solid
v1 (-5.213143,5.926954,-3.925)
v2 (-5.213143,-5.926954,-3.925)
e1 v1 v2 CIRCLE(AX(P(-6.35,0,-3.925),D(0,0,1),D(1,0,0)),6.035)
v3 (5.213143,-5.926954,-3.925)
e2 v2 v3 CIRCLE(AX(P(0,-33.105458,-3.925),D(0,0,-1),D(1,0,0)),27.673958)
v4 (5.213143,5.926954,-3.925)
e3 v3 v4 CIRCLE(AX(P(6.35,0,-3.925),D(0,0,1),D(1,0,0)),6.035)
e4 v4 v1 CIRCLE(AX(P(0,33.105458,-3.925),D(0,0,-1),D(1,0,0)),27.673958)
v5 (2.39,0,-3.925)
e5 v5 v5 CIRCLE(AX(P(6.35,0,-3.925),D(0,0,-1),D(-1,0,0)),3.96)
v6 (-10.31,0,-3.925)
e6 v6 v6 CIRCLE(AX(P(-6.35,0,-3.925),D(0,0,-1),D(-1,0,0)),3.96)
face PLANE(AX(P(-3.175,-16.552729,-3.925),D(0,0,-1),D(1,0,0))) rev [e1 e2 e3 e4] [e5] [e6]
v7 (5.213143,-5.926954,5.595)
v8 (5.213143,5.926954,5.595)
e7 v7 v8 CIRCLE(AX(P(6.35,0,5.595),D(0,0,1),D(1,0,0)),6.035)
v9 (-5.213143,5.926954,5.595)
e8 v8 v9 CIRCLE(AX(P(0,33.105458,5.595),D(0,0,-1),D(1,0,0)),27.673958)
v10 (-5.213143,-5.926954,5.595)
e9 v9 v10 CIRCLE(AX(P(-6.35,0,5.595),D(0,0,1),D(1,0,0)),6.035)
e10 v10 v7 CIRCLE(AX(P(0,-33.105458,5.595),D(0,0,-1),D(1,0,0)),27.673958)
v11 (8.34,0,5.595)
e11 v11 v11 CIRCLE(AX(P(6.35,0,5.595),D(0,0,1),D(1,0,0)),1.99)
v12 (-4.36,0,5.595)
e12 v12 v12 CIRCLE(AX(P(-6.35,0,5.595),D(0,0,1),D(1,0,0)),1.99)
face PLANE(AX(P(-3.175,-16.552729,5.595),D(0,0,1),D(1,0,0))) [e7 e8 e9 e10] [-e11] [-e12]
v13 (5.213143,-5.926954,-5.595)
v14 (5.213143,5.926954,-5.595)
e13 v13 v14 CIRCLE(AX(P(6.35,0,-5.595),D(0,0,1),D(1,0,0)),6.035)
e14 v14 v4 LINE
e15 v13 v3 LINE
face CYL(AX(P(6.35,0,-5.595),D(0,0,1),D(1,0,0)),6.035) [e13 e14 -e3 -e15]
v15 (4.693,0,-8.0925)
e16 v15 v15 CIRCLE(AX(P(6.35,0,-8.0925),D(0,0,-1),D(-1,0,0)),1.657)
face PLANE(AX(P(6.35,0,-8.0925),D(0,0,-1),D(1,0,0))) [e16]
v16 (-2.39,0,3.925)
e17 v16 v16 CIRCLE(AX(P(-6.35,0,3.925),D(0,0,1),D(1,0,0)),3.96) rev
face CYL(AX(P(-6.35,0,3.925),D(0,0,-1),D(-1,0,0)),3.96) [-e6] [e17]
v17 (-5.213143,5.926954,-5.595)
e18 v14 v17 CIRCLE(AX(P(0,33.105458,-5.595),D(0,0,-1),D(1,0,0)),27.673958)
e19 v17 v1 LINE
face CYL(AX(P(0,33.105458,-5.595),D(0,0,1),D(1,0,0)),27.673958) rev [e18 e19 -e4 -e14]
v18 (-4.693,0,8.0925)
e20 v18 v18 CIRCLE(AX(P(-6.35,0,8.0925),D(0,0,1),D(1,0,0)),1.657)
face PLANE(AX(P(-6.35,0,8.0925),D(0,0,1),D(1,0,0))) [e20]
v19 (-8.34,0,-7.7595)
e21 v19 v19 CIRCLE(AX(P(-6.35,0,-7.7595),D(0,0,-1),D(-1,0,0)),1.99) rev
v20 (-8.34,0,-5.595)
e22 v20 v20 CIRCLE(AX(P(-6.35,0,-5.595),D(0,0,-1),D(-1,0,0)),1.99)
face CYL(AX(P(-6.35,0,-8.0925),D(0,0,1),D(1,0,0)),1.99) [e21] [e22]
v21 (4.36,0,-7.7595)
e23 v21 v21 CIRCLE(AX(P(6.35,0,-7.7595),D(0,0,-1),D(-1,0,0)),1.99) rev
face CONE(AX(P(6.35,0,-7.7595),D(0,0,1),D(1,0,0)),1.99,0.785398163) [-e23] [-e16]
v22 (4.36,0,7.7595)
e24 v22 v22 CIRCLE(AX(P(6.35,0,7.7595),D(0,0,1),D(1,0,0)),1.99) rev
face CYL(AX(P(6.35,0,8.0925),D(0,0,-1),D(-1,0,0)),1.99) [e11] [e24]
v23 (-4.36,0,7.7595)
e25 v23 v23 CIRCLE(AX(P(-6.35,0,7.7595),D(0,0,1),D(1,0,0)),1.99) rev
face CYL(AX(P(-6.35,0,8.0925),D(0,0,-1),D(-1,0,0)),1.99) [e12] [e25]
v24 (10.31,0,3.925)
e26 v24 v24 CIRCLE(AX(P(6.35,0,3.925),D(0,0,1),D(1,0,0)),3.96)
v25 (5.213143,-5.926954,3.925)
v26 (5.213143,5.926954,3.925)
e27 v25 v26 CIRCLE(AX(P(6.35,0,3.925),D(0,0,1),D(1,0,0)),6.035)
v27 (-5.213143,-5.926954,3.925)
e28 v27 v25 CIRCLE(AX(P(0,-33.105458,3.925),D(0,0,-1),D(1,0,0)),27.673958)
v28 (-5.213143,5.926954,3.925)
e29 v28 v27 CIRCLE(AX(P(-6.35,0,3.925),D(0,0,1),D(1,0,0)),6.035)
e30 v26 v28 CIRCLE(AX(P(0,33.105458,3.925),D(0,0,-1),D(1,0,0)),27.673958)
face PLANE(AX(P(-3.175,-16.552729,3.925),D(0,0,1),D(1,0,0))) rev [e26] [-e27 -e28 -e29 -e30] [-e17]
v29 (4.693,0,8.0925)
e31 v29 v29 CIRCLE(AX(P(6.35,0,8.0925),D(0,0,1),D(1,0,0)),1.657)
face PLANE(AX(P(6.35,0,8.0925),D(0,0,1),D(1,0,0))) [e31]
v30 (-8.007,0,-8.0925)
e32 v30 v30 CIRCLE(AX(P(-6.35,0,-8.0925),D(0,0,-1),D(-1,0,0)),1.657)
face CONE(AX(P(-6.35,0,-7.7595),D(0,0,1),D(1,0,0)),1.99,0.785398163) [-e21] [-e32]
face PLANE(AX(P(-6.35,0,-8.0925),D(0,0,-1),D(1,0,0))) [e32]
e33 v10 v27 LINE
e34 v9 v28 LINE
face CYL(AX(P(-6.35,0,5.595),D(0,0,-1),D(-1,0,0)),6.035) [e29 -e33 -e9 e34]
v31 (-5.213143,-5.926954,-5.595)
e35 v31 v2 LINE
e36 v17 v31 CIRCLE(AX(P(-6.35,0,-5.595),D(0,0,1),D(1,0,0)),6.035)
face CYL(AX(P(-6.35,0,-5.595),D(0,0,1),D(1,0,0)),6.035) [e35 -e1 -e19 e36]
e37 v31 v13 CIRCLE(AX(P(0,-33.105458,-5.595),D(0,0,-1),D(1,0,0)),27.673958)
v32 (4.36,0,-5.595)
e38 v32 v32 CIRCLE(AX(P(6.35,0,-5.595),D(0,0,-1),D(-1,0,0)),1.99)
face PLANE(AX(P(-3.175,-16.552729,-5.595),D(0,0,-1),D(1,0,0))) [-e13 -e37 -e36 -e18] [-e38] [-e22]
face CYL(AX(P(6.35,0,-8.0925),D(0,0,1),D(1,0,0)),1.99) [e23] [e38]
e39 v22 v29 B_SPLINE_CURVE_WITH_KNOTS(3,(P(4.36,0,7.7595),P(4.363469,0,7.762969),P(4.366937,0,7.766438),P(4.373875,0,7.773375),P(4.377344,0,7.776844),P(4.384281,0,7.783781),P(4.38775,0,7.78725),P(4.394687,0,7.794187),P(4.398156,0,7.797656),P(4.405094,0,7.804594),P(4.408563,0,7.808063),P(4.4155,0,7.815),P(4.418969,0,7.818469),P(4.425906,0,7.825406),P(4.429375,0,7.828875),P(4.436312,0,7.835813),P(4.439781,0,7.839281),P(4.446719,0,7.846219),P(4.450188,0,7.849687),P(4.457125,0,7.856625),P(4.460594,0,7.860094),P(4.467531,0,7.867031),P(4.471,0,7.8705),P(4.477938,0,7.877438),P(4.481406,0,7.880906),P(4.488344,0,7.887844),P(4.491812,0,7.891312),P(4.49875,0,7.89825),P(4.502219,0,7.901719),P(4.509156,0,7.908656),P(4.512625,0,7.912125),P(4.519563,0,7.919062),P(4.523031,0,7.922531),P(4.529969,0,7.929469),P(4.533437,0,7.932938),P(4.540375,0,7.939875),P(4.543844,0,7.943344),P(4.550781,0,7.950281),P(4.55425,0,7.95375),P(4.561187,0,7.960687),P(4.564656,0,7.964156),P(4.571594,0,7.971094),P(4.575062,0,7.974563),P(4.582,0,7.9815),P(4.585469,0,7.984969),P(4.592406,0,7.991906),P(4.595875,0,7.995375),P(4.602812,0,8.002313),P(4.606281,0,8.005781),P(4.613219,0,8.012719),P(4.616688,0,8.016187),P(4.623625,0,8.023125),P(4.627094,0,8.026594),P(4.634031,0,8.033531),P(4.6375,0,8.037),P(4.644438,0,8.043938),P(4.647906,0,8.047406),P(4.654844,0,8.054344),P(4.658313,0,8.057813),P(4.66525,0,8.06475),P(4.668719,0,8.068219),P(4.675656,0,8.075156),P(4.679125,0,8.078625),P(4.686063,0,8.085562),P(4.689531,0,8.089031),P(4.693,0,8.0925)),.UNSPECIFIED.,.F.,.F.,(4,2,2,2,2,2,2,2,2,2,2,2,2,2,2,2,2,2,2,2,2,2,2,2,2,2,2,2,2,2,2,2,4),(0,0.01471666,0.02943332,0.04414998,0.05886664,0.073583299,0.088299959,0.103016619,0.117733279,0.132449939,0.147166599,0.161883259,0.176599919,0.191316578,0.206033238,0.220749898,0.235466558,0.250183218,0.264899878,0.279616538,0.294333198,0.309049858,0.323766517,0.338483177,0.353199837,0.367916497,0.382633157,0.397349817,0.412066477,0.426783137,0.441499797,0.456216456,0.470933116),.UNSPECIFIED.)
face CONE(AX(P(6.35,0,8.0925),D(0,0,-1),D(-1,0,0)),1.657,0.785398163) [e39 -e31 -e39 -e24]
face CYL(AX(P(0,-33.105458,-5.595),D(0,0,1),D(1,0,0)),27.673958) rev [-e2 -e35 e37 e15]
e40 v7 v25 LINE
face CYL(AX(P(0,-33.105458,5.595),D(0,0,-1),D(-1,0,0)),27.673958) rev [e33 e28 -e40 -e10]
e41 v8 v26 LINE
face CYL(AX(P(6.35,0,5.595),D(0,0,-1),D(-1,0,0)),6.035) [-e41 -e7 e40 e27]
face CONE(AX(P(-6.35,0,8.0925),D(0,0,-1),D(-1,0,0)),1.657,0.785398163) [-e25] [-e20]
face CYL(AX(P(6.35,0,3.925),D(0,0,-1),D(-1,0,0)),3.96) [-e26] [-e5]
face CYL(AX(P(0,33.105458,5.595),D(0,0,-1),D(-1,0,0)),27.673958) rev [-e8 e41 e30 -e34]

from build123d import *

# Parameters (mm, degrees)
SKETCH_2_R                 = 3.96
EXTRUDE_1_DEPTH            = 3.925
EXTRUDE_1_2_DEPTH          = 3.925
EXTRUDE_2_DEPTH            = 1.67
SKETCH_4_R                 = 1.99
EXTRUDE_3_DEPTH            = 2.4975
CHAMFER_1_SIZE             = 0.333
CHAMFER_1_OF_MIRROR_1_SIZE = 0.333


with BuildPart() as part:
    # 草图2 → 拉伸1 (new, symmetric)
    with BuildSketch(Plane.XY):
        with Locations((6.35, 0)):
            Circle(SKETCH_2_R)
    extrude(amount=EXTRUDE_1_DEPTH, both=True)



with BuildPart() as body_2:
    # 草图2 → Extrude 1 2 (new, symmetric)
    with BuildSketch(Plane.XY):
        with Locations((-6.35, 0)):
            Circle(SKETCH_2_R)
    extrude(amount=EXTRUDE_1_2_DEPTH, both=True)


with BuildPart() as part_1:
    add(part.part)

    add(body_2.part)  # 拉伸2 merges body 2
    # 草图3 → 拉伸2 (add)
    with BuildSketch(Plane.XY.offset(3.925)):
        with BuildLine():
            ThreePointArc((-5.213143439, 5.926953869), (-12.385, 0), (-5.213143439, -5.926953869))
            ThreePointArc((-5.213143439, -5.926953869), (0, -5.4315), (5.213143439, -5.926953869))
            ThreePointArc((5.213143439, -5.926953869), (12.385, 0), (5.213143439, 5.926953869))
            ThreePointArc((5.213143439, 5.926953869), (0, 5.4315), (-5.213143439, 5.926953869))
        make_face()
    extrude_2 = extrude(amount=EXTRUDE_2_DEPTH)

    # 草图4 → 拉伸3 (add)
    with BuildSketch(Plane.XY.offset(5.595)):
        with Locations((6.35, 0)):
            Circle(SKETCH_4_R)
        with Locations((-6.35, 0)):
            Circle(SKETCH_4_R)
    extrude_3 = extrude(amount=EXTRUDE_3_DEPTH)

    # 倒角1
    chamfer_1_edges = [part_1.edges().sort_by_distance(p)[0] for p in [
        (4.36, 0, 8.0925),
        (-8.34, 0, 8.0925),
    ]]
    chamfer(chamfer_1_edges, length=CHAMFER_1_SIZE)

    # 镜向1: 拉伸2, 拉伸3 across plane
    add(extrude_2.mirror(Plane.XY))
    add(extrude_3.mirror(Plane.XY))

    # 倒角1 of 镜向1
    chamfer_1_of_mirror_1_edges = [part_1.edges().sort_by_distance(p)[0] for p in [
        (4.36, 0, -8.0925),
        (-8.34, 0, -8.0925),
    ]]
    chamfer(chamfer_1_of_mirror_1_edges, length=CHAMFER_1_OF_MIRROR_1_SIZE)


solid = part_1.part
